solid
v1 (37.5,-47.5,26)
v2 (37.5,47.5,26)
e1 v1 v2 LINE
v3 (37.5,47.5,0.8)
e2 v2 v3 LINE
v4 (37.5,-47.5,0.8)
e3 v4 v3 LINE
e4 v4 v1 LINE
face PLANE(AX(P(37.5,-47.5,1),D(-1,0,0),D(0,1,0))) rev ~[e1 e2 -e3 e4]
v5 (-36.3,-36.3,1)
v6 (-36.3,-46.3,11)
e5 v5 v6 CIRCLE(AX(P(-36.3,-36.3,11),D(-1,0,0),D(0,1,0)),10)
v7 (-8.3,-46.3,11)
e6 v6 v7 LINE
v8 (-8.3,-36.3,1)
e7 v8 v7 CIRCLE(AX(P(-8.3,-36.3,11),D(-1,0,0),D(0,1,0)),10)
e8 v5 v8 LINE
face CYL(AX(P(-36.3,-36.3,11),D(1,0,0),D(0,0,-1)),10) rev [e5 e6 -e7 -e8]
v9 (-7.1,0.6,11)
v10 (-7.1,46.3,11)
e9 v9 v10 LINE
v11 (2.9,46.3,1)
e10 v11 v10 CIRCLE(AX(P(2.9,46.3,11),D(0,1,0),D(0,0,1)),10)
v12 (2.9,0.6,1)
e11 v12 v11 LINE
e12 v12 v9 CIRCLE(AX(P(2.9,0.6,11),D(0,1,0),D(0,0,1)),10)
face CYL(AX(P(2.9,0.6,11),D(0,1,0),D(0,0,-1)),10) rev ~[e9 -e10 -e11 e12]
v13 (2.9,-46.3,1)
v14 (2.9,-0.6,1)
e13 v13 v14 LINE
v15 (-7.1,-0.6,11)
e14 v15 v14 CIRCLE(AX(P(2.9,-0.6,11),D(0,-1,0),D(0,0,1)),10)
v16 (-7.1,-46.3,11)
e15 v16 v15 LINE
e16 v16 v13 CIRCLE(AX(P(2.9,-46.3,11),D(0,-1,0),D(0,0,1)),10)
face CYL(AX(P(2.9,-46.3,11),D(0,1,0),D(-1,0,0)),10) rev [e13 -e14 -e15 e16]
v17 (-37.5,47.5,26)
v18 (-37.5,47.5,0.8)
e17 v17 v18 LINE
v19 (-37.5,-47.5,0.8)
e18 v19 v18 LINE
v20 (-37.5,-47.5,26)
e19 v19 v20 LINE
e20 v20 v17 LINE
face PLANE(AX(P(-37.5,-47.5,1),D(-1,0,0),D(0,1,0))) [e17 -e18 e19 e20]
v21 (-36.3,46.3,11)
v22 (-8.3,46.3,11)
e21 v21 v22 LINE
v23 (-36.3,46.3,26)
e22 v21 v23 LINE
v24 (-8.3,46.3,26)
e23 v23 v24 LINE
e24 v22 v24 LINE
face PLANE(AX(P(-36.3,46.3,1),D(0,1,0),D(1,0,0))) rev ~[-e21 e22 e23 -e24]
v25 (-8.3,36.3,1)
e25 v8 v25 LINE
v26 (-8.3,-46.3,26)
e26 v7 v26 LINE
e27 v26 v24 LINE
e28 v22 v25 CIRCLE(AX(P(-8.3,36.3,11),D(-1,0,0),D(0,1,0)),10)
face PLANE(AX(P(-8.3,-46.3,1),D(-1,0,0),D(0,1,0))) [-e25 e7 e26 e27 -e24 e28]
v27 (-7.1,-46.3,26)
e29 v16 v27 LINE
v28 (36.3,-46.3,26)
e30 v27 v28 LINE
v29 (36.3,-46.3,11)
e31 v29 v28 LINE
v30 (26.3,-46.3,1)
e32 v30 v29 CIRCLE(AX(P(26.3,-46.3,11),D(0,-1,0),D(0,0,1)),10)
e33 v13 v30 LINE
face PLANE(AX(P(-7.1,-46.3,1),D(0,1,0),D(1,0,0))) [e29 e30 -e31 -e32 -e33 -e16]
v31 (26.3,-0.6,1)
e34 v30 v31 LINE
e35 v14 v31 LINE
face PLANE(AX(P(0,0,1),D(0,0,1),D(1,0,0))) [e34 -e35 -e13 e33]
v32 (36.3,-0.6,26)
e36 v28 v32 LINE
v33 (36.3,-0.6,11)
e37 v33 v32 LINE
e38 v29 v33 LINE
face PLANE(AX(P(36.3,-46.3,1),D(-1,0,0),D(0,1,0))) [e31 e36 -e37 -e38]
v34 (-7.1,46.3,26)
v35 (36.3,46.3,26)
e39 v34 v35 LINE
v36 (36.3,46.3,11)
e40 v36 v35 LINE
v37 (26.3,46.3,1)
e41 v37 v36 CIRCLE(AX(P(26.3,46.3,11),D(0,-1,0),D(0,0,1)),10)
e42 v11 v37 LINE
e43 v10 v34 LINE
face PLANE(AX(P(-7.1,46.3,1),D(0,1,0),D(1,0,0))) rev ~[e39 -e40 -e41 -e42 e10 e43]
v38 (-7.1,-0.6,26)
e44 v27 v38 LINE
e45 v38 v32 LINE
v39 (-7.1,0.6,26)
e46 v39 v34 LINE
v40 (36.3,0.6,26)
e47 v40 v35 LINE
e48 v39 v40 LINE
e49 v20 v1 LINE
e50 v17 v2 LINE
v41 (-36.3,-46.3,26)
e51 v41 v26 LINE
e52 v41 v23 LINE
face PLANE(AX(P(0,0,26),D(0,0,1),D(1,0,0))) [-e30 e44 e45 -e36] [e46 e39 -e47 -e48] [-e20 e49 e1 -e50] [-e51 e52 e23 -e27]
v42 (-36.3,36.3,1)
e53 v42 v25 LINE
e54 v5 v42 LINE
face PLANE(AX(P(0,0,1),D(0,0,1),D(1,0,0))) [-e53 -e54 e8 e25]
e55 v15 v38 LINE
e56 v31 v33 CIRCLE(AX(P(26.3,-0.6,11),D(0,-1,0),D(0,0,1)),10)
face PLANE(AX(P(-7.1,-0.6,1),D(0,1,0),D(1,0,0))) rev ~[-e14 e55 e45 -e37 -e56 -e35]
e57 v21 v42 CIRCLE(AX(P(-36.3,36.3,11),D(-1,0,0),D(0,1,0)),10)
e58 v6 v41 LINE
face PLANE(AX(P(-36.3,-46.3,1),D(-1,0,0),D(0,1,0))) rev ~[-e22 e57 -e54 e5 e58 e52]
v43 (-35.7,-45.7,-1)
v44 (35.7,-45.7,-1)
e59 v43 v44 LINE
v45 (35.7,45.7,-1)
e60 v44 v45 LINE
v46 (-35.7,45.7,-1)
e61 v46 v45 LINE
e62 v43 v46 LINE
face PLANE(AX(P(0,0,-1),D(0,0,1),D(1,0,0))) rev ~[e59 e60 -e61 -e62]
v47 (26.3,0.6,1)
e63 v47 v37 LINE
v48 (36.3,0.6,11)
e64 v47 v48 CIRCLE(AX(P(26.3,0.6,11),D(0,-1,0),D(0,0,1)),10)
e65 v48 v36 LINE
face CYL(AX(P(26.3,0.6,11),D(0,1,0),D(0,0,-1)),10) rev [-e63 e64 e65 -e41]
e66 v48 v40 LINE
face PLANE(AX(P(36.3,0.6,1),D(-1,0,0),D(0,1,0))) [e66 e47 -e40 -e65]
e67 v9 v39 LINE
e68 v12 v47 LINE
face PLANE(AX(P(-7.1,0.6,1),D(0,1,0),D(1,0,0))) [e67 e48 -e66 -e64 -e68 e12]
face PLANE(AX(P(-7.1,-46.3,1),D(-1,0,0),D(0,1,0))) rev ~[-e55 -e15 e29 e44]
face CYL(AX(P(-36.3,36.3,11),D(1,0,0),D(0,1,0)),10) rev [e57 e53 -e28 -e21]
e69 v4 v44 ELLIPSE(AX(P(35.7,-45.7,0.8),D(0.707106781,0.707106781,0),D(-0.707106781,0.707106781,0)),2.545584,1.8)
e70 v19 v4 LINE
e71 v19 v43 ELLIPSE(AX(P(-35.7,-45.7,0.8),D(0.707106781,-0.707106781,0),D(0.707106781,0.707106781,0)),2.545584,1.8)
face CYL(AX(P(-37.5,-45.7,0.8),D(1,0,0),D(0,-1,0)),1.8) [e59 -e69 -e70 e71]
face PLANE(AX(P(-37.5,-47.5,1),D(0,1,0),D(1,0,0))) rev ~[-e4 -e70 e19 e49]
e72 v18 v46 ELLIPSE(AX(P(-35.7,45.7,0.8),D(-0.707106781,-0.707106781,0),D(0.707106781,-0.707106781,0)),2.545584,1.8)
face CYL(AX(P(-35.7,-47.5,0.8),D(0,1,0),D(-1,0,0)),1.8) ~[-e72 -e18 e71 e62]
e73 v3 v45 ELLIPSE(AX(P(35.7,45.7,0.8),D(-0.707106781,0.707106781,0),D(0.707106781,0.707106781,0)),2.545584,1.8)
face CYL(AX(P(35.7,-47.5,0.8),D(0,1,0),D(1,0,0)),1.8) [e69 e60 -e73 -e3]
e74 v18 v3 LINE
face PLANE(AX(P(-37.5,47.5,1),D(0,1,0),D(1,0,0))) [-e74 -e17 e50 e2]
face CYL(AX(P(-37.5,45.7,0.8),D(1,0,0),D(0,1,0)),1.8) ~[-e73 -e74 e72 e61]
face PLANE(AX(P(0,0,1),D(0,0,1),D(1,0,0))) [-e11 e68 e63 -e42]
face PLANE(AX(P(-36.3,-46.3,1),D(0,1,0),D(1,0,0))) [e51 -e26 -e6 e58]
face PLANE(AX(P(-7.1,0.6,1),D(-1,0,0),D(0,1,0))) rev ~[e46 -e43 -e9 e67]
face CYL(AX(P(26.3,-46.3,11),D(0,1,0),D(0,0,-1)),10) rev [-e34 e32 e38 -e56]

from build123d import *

# Parameters (mm, degrees)
SKETCH011_W             = 75
SKETCH011_H             = 95
PAD007_DEPTH            = 1
SKETCH012_W             = 75
SKETCH012_H             = 95
SKETCH012_W_2           = 28
SKETCH012_H_2           = 92.6
SKETCH012_W_3           = 43.4
SKETCH012_H_3           = 45.7
PAD008_DEPTH            = 25
FILLET010_R             = 10
FILLET011_R             = 1.8
BODY003_PLACEMENT_ANGLE = 90


with BuildPart() as part:
    # Sketch011 → Pad007 (new body, symmetric)
    with BuildSketch(Plane.XZ):
        Rectangle(SKETCH011_W, SKETCH011_H)
    extrude(amount=PAD007_DEPTH, both=True)

    # Sketch012 → Pad008 (join)
    with BuildSketch(Plane.XZ.offset(1)):
        Rectangle(SKETCH012_W, SKETCH012_H)
        with Locations((-22.3, 0)):
            Rectangle(SKETCH012_W_2, SKETCH012_H_2, mode=Mode.SUBTRACT)
        with Locations((14.6, 23.45)):
            Rectangle(SKETCH012_W_3, SKETCH012_H_3, mode=Mode.SUBTRACT)
        with Locations((14.6, -23.45)):
            Rectangle(SKETCH012_W_3, SKETCH012_H_3, mode=Mode.SUBTRACT)
    extrude(amount=PAD008_DEPTH)

    # Fillet010
    fillet010_edges = [part.edges().sort_by_distance(p)[0] for p in [
        (36.3, -1, 23.45),
        (36.3, -1, -23.45),
        (-22.3, -1, 46.3),
        (-7.1, -1, 23.45),
        (-7.1, -1, -23.45),
        (-22.3, -1, -46.3),
    ]]
    fillet(fillet010_edges, radius=FILLET010_R)

    # Fillet011
    fillet011_edges = [part.edges().sort_by_distance(p)[0] for p in [
        (0, 1, 47.5),
        (37.5, 1, 0),
        (0, 1, -47.5),
        (-37.5, 1, 0),
    ]]
    fillet(fillet011_edges, radius=FILLET011_R)


with BuildPart() as part_1:
    # Body003 placement: moved
    add(part.part.rotate(Axis((0, 0, 0), (-1, 0, 0)), BODY003_PLACEMENT_ANGLE))


solid = part_1.part
